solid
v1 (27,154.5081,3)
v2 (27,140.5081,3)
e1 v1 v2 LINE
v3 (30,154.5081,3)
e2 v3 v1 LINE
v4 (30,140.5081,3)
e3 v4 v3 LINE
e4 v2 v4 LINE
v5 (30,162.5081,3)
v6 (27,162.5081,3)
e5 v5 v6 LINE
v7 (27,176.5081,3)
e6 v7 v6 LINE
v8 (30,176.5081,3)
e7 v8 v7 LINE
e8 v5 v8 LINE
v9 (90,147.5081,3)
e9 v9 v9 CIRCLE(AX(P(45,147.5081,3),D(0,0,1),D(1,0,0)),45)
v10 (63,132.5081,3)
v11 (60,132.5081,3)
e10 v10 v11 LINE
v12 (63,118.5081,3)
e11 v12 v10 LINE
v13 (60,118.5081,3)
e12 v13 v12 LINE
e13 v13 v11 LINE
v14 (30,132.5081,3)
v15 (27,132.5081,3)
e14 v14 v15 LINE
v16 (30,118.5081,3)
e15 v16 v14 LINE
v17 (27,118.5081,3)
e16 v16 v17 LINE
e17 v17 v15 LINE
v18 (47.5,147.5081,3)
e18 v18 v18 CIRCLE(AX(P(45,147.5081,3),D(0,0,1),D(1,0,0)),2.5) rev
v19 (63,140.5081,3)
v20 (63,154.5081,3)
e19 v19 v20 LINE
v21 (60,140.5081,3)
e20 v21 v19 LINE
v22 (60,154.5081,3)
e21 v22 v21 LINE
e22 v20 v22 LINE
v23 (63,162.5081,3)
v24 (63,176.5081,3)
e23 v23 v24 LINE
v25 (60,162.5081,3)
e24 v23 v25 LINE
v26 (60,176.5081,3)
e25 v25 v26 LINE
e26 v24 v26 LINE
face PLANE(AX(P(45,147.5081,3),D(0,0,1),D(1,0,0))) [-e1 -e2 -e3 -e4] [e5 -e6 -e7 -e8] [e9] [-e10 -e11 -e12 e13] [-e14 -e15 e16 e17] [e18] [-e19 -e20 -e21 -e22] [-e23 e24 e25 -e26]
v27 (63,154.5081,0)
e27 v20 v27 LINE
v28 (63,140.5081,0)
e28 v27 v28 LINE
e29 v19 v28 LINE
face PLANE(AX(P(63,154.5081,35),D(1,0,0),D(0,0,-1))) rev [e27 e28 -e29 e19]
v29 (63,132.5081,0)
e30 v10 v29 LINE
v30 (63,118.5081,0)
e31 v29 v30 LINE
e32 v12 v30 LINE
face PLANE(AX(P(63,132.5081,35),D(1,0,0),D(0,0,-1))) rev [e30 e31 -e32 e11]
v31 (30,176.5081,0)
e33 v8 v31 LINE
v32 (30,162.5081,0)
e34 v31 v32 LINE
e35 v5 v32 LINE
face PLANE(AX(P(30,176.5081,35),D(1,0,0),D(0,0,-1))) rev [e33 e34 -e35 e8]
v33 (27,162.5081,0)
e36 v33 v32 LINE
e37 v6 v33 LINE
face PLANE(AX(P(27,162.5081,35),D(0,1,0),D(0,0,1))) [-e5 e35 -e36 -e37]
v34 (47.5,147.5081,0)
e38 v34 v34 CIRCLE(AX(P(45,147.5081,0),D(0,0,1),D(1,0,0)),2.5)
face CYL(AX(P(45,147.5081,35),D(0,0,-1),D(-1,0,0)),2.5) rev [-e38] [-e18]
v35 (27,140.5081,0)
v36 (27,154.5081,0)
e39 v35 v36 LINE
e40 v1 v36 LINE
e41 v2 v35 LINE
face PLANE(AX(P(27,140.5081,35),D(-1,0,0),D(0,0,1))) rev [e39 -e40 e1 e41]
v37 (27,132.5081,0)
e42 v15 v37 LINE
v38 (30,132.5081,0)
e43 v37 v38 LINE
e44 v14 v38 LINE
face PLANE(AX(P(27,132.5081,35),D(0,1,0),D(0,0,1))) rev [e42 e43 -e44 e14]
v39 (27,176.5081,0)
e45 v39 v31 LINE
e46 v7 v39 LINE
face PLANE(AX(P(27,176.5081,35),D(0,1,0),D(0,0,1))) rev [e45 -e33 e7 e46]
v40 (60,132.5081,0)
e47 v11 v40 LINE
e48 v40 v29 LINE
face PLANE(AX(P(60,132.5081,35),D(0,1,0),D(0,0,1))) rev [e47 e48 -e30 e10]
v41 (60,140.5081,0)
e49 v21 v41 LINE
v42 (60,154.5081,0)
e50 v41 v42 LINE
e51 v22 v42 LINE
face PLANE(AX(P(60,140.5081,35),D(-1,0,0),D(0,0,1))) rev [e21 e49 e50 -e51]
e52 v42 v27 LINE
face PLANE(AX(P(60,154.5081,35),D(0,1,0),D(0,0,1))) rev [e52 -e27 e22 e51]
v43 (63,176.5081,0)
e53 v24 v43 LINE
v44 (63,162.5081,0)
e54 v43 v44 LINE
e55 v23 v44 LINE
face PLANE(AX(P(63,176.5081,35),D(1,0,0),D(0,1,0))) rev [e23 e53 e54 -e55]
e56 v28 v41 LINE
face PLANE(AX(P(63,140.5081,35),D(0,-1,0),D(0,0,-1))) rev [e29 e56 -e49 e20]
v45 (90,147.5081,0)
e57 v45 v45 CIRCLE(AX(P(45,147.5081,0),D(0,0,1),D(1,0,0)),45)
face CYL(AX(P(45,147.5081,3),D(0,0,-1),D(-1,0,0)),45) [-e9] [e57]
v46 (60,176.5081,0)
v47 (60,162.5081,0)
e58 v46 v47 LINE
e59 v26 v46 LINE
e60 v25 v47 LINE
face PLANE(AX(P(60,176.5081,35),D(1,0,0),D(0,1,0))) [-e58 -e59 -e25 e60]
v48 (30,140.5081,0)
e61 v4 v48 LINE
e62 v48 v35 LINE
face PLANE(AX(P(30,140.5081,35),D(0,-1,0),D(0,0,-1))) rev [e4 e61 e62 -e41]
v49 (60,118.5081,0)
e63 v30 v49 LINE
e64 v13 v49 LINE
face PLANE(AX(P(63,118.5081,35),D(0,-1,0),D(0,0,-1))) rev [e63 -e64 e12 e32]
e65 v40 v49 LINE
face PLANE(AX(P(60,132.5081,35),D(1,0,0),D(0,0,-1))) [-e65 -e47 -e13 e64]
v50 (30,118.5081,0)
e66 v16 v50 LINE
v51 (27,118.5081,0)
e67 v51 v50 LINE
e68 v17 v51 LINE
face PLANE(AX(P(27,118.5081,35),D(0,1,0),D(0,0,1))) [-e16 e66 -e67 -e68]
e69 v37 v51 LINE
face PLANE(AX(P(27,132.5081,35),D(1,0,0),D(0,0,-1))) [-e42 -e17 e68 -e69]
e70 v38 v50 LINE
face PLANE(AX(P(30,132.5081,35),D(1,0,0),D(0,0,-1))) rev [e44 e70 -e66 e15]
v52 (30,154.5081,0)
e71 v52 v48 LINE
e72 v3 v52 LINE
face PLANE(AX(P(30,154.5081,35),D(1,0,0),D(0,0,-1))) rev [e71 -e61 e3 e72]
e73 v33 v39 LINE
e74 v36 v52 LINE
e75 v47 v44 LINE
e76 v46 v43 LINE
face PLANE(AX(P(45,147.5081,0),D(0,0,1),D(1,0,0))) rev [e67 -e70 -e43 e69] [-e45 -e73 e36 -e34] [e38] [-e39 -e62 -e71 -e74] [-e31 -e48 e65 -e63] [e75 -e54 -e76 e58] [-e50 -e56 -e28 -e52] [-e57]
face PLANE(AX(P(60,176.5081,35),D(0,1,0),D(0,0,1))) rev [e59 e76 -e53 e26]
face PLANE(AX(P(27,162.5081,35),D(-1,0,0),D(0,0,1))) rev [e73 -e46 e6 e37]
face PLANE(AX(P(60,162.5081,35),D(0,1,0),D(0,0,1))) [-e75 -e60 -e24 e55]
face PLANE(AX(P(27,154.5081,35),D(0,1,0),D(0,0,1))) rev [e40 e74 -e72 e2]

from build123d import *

# Parameters (mm, degrees)
SKETCH1_R           = 45
BOSS_EXTRUDE1_DEPTH = 3
SKETCH2_R           = 2.5
SKETCH2_W           = 3
SKETCH2_H           = 14
CUT_EXTRUDE3_DEPTH  = 35


with BuildPart() as part:
    # Sketch1 → Boss-Extrude1 (new body)
    with BuildSketch(Plane.XY):
        with Locations((45, 147.5080997)):
            Circle(SKETCH1_R)
    extrude(amount=BOSS_EXTRUDE1_DEPTH)

    # Sketch2 → Cut-Extrude3 (cut)
    with BuildSketch(Plane.XY):
        with Locations((45, 147.5080997)):
            Circle(SKETCH2_R)
        with Locations((61.5, 169.5080997)):
            Rectangle(SKETCH2_W, SKETCH2_H)
        with Locations((61.5, 147.5080997)):
            Rectangle(SKETCH2_W, SKETCH2_H)
        with Locations((61.5, 125.5080997)):
            Rectangle(SKETCH2_W, SKETCH2_H)
        with Locations((28.5, 169.5080997)):
            Rectangle(SKETCH2_W, SKETCH2_H)
        with Locations((28.5, 125.5080997)):
            Rectangle(SKETCH2_W, SKETCH2_H)
        with Locations((28.5, 147.5080997)):
            Rectangle(SKETCH2_W, SKETCH2_H)
    extrude(amount=CUT_EXTRUDE3_DEPTH, mode=Mode.SUBTRACT)


solid = part.part
